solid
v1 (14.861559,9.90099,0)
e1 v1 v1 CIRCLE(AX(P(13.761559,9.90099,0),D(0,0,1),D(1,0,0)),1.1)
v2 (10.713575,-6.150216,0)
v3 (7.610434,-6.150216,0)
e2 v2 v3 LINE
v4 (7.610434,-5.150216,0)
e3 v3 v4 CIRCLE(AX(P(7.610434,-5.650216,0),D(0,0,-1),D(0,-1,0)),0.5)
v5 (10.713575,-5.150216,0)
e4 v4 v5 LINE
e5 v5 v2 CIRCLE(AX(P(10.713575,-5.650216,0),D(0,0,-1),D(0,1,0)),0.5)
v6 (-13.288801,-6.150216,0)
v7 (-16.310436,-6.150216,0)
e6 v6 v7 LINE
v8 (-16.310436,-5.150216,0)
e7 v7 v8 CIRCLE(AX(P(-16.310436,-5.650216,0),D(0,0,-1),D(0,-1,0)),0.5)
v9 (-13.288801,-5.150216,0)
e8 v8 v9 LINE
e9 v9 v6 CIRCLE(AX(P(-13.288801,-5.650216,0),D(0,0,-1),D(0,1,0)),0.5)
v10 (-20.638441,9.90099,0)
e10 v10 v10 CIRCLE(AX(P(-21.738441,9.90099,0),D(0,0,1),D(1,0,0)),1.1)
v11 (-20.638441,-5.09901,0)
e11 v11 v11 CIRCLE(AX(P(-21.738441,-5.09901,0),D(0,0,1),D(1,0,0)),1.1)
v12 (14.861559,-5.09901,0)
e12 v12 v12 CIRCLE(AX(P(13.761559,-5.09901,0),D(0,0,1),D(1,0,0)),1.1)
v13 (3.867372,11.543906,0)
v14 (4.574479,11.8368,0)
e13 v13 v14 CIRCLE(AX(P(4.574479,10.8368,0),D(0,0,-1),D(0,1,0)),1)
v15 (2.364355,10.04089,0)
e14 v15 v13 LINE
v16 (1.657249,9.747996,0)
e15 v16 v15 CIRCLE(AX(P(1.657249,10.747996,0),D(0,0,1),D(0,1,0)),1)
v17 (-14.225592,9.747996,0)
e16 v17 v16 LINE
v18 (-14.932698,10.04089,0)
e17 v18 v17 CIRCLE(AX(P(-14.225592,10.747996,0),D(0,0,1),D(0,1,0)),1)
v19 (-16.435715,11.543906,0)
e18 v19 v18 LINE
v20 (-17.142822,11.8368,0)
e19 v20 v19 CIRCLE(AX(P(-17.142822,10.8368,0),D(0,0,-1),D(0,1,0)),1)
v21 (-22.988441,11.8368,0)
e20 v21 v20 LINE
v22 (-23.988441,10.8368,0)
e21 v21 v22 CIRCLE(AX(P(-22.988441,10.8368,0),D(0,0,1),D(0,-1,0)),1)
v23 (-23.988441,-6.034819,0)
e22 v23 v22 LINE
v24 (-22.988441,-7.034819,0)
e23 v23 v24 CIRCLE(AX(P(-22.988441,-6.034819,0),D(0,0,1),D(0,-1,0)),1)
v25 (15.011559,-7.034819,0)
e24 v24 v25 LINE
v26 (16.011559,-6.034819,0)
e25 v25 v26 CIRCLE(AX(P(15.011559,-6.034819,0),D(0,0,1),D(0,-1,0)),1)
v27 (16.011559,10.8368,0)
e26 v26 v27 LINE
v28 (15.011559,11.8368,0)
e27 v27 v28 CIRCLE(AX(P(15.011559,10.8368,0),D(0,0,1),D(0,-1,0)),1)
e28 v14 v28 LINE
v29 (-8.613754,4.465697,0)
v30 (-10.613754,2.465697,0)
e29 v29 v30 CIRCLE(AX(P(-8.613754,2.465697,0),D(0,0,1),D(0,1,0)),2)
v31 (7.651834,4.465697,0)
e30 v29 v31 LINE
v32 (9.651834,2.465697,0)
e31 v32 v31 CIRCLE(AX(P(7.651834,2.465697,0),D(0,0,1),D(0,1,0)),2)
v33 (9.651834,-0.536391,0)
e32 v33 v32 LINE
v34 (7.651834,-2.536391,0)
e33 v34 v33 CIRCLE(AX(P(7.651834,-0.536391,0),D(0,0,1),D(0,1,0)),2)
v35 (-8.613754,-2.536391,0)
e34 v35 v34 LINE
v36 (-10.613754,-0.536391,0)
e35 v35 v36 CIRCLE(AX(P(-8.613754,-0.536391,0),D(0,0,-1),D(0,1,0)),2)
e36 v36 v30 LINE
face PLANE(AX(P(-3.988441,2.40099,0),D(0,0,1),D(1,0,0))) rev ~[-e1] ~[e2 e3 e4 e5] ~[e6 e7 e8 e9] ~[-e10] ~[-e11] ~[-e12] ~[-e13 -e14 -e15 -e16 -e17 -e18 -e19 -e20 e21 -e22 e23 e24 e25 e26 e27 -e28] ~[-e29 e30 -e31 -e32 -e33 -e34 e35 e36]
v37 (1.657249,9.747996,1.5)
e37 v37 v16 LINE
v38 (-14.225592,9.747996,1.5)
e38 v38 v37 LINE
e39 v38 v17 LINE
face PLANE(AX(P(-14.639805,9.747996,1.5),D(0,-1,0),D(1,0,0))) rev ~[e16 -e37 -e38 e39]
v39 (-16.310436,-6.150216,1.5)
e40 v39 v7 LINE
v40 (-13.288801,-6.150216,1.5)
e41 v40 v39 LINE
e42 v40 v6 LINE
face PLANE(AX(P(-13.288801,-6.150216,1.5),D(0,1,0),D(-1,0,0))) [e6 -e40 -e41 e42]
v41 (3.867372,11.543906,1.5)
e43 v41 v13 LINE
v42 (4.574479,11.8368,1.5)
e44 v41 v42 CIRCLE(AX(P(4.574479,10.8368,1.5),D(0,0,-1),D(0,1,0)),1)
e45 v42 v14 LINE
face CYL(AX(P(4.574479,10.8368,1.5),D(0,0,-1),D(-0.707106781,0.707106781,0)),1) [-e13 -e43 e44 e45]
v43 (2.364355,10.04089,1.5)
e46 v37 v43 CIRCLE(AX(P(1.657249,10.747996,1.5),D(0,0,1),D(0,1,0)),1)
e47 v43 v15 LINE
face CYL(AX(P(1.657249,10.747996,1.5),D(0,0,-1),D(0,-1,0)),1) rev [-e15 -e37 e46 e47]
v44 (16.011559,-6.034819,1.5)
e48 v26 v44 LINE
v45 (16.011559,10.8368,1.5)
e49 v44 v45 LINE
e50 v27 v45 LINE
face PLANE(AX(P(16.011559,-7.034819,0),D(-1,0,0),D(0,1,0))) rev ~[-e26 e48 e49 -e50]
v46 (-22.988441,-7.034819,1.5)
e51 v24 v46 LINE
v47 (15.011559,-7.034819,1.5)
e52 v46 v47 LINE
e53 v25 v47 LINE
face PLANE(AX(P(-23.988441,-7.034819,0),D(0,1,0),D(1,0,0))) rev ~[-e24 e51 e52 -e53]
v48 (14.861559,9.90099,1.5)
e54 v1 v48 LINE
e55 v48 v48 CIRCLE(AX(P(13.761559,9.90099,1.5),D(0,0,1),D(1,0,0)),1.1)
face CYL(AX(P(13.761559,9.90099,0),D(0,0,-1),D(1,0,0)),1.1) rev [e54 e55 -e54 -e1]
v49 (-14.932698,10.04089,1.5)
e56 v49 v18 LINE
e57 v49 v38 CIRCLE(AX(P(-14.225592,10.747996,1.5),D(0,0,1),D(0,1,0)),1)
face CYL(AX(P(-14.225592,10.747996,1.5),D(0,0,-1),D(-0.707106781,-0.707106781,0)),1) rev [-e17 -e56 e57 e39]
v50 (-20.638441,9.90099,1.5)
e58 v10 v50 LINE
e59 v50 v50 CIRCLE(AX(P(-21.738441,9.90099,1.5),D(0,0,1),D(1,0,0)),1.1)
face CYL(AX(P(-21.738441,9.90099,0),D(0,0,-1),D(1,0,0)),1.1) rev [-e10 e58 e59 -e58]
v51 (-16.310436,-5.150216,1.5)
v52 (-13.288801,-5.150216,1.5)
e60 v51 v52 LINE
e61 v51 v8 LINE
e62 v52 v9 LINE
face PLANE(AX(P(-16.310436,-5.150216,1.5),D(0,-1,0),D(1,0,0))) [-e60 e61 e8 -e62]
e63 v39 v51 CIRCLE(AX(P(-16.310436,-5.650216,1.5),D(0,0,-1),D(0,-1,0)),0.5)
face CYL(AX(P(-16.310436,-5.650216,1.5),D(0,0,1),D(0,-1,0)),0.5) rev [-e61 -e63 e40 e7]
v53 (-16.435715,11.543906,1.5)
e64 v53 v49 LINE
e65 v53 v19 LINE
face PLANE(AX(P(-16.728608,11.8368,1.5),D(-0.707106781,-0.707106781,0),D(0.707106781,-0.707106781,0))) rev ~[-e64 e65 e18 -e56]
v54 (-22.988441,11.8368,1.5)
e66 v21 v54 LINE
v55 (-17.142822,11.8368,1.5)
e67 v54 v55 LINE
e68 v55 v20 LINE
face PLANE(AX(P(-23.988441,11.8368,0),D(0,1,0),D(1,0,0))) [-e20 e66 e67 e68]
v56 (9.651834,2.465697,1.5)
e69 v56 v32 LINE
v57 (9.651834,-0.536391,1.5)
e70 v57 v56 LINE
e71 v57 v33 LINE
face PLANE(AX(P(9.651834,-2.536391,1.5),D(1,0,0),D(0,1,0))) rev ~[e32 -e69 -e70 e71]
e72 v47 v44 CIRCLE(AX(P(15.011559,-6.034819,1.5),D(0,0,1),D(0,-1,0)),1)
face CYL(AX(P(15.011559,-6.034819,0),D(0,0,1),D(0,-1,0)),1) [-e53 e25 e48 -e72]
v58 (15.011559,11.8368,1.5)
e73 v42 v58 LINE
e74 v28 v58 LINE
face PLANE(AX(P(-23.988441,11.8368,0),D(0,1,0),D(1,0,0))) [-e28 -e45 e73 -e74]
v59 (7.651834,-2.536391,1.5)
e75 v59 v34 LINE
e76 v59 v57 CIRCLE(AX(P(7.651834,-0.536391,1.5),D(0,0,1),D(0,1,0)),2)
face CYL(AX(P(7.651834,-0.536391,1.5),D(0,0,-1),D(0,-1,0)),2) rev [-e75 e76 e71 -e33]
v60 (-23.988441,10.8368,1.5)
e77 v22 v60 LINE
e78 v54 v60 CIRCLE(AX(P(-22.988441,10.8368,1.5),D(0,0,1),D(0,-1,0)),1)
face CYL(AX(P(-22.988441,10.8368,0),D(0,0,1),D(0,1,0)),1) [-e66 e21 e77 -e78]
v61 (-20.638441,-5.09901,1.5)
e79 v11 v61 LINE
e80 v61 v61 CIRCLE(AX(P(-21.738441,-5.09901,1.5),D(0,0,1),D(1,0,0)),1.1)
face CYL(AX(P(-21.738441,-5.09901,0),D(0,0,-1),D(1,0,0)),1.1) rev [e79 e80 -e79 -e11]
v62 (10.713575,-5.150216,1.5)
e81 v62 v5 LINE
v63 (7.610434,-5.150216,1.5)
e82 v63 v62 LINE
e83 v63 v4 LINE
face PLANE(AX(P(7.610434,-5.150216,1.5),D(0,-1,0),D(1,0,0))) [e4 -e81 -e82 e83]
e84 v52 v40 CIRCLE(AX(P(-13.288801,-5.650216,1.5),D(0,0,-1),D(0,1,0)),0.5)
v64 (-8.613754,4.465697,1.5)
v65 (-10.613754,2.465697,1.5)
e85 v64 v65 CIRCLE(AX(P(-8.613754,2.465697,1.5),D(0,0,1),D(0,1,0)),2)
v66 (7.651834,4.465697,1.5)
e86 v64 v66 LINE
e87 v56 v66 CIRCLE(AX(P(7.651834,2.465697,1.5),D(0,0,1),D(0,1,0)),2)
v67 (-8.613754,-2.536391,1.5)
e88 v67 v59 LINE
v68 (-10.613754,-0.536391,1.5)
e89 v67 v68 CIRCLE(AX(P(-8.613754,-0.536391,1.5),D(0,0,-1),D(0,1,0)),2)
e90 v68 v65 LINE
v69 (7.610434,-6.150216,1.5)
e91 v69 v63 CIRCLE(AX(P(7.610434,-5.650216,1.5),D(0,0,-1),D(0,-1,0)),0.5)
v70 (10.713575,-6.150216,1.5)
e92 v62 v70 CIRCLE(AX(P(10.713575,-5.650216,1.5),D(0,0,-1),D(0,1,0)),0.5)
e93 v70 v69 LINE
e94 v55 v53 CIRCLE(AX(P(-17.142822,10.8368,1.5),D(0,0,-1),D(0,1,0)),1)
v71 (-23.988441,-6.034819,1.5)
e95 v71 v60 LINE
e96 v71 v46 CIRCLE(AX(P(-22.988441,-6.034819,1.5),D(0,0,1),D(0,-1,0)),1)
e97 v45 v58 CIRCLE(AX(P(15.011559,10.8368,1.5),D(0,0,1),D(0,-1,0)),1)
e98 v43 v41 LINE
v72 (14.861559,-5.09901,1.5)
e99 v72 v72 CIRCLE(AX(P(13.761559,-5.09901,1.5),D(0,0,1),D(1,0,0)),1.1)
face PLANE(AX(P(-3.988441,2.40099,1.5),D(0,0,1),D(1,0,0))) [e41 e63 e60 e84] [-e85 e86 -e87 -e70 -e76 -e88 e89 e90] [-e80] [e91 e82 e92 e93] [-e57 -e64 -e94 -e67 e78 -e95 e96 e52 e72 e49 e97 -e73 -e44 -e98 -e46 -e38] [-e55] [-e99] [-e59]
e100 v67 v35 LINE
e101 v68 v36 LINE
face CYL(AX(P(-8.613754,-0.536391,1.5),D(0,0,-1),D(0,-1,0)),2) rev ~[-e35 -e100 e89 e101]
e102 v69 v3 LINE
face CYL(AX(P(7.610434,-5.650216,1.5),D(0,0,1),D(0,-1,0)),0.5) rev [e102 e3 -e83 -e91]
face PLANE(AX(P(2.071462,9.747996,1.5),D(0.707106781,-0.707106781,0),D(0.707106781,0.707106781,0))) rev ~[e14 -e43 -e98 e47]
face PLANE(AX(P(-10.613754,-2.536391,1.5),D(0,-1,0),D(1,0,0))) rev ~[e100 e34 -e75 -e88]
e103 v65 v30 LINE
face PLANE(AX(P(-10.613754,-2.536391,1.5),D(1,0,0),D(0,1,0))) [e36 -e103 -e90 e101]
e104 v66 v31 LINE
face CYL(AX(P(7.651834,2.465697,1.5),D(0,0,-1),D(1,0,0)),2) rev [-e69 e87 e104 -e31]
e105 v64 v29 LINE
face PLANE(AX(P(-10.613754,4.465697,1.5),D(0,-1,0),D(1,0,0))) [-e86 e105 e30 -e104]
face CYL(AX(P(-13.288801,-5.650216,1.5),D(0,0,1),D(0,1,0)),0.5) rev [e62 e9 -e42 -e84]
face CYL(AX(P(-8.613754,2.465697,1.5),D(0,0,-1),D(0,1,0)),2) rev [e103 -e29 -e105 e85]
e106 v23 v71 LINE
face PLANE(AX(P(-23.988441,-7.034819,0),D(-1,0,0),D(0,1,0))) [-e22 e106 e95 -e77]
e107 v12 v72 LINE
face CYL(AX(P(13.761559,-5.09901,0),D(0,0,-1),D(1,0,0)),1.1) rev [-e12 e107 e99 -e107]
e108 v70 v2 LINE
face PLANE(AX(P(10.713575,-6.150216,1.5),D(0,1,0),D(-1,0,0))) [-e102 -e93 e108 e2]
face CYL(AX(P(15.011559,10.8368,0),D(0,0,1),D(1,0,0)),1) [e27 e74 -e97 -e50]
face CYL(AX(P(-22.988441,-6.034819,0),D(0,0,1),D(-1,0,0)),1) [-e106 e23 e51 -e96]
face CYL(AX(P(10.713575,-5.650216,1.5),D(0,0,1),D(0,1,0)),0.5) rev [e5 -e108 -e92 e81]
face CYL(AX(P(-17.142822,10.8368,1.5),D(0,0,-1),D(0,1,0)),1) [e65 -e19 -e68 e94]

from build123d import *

# Parameters (mm, degrees)
SKETCH_1_W          = 40
SKETCH_1_H          = 18.871619184
SKETCH_1_R          = 1.1
EXTRUDE_1_DEPTH     = 1.5
SKETCH_2_W          = 20.265588098
SKETCH_2_H          = 7.002088202
CUT_EXTRUDE_1_DEPTH = 1.5
FILLET_1_R          = 1
FILLET_2_R          = 1
FILLET_3_R          = 2


with BuildPart() as part:
    # 草图1 → 凸台-拉伸1 (new body)
    with BuildSketch(Plane.XY):
        with Locations((-3.988440653, 2.400990099)):
            Rectangle(SKETCH_1_W, SKETCH_1_H)
        with Locations((-21.738440653, 9.900990099)):
            Circle(SKETCH_1_R, mode=Mode.SUBTRACT)
        with Locations((-21.738440653, -5.099009901)):
            Circle(SKETCH_1_R, mode=Mode.SUBTRACT)
        with Locations((13.761559347, -5.099009901)):
            Circle(SKETCH_1_R, mode=Mode.SUBTRACT)
        with Locations((13.761559347, 9.900990099)):
            Circle(SKETCH_1_R, mode=Mode.SUBTRACT)
    extrude(amount=EXTRUDE_1_DEPTH)

    # 草图2 → 切除-拉伸1 (cut)
    with BuildSketch(Plane.XY.offset(1.5)):
        Polygon((-16.728608447, 11.836799691), (-14.639805099, 9.747996342), (2.071462084, 9.747996342), (5.519738876, 13.196273134), (-14.871851344, 13.196273134), align=None)
        with Locations((-0.480960338, 0.9646533)):
            Rectangle(SKETCH_2_W, SKETCH_2_H)
        with BuildLine():
            Line((-16.310435566, -5.15021554), (-13.288801442, -5.15021554))
            ThreePointArc((-13.288801442, -5.15021554), (-12.788801442, -5.65021554), (-13.288801442, -6.15021554))
            Line((-13.288801442, -6.15021554), (-16.310435566, -6.15021554))
            ThreePointArc((-16.310435566, -6.15021554), (-16.810435566, -5.65021554), (-16.310435566, -5.15021554))
        make_face()
        with BuildLine():
            Line((7.610434302, -5.15021554), (10.713575026, -5.15021554))
            ThreePointArc((10.713575026, -5.15021554), (11.213575026, -5.65021554), (10.713575026, -6.15021554))
            Line((10.713575026, -6.15021554), (7.610434302, -6.15021554))
            ThreePointArc((7.610434302, -6.15021554), (7.110434302, -5.65021554), (7.610434302, -5.15021554))
        make_face()
    extrude(amount=-CUT_EXTRUDE_1_DEPTH, mode=Mode.SUBTRACT)

    # 圆角1
    fillet_1_edges = [part.edges().sort_by_distance(p)[0] for p in [
        (4.160265432, 11.836799691, 0.75),
        (-16.728608447, 11.836799691, 0.75),
        (2.071462084, 9.747996342, 0.75),
        (-14.639805099, 9.747996342, 0.75),
    ]]
    fillet(fillet_1_edges, radius=FILLET_1_R)

    # 圆角2
    fillet_2_edges = [part.edges().sort_by_distance(p)[0] for p in [
        (16.011559347, -7.034819493, 0.75),
        (-23.988440653, -7.034819493, 0.75),
        (-23.988440653, 11.836799691, 0.75),
        (16.011559347, 11.836799691, 0.75),
    ]]
    fillet(fillet_2_edges, radius=FILLET_2_R)

    # 圆角3
    fillet_3_edges = [part.edges().sort_by_distance(p)[0] for p in [
        (9.651833711, 4.465697401, 0.75),
        (9.651833711, -2.536390801, 0.75),
        (-10.613754387, -2.536390801, 0.75),
        (-10.613754387, 4.465697401, 0.75),
    ]]
    fillet(fillet_3_edges, radius=FILLET_3_R)


solid = part.part
